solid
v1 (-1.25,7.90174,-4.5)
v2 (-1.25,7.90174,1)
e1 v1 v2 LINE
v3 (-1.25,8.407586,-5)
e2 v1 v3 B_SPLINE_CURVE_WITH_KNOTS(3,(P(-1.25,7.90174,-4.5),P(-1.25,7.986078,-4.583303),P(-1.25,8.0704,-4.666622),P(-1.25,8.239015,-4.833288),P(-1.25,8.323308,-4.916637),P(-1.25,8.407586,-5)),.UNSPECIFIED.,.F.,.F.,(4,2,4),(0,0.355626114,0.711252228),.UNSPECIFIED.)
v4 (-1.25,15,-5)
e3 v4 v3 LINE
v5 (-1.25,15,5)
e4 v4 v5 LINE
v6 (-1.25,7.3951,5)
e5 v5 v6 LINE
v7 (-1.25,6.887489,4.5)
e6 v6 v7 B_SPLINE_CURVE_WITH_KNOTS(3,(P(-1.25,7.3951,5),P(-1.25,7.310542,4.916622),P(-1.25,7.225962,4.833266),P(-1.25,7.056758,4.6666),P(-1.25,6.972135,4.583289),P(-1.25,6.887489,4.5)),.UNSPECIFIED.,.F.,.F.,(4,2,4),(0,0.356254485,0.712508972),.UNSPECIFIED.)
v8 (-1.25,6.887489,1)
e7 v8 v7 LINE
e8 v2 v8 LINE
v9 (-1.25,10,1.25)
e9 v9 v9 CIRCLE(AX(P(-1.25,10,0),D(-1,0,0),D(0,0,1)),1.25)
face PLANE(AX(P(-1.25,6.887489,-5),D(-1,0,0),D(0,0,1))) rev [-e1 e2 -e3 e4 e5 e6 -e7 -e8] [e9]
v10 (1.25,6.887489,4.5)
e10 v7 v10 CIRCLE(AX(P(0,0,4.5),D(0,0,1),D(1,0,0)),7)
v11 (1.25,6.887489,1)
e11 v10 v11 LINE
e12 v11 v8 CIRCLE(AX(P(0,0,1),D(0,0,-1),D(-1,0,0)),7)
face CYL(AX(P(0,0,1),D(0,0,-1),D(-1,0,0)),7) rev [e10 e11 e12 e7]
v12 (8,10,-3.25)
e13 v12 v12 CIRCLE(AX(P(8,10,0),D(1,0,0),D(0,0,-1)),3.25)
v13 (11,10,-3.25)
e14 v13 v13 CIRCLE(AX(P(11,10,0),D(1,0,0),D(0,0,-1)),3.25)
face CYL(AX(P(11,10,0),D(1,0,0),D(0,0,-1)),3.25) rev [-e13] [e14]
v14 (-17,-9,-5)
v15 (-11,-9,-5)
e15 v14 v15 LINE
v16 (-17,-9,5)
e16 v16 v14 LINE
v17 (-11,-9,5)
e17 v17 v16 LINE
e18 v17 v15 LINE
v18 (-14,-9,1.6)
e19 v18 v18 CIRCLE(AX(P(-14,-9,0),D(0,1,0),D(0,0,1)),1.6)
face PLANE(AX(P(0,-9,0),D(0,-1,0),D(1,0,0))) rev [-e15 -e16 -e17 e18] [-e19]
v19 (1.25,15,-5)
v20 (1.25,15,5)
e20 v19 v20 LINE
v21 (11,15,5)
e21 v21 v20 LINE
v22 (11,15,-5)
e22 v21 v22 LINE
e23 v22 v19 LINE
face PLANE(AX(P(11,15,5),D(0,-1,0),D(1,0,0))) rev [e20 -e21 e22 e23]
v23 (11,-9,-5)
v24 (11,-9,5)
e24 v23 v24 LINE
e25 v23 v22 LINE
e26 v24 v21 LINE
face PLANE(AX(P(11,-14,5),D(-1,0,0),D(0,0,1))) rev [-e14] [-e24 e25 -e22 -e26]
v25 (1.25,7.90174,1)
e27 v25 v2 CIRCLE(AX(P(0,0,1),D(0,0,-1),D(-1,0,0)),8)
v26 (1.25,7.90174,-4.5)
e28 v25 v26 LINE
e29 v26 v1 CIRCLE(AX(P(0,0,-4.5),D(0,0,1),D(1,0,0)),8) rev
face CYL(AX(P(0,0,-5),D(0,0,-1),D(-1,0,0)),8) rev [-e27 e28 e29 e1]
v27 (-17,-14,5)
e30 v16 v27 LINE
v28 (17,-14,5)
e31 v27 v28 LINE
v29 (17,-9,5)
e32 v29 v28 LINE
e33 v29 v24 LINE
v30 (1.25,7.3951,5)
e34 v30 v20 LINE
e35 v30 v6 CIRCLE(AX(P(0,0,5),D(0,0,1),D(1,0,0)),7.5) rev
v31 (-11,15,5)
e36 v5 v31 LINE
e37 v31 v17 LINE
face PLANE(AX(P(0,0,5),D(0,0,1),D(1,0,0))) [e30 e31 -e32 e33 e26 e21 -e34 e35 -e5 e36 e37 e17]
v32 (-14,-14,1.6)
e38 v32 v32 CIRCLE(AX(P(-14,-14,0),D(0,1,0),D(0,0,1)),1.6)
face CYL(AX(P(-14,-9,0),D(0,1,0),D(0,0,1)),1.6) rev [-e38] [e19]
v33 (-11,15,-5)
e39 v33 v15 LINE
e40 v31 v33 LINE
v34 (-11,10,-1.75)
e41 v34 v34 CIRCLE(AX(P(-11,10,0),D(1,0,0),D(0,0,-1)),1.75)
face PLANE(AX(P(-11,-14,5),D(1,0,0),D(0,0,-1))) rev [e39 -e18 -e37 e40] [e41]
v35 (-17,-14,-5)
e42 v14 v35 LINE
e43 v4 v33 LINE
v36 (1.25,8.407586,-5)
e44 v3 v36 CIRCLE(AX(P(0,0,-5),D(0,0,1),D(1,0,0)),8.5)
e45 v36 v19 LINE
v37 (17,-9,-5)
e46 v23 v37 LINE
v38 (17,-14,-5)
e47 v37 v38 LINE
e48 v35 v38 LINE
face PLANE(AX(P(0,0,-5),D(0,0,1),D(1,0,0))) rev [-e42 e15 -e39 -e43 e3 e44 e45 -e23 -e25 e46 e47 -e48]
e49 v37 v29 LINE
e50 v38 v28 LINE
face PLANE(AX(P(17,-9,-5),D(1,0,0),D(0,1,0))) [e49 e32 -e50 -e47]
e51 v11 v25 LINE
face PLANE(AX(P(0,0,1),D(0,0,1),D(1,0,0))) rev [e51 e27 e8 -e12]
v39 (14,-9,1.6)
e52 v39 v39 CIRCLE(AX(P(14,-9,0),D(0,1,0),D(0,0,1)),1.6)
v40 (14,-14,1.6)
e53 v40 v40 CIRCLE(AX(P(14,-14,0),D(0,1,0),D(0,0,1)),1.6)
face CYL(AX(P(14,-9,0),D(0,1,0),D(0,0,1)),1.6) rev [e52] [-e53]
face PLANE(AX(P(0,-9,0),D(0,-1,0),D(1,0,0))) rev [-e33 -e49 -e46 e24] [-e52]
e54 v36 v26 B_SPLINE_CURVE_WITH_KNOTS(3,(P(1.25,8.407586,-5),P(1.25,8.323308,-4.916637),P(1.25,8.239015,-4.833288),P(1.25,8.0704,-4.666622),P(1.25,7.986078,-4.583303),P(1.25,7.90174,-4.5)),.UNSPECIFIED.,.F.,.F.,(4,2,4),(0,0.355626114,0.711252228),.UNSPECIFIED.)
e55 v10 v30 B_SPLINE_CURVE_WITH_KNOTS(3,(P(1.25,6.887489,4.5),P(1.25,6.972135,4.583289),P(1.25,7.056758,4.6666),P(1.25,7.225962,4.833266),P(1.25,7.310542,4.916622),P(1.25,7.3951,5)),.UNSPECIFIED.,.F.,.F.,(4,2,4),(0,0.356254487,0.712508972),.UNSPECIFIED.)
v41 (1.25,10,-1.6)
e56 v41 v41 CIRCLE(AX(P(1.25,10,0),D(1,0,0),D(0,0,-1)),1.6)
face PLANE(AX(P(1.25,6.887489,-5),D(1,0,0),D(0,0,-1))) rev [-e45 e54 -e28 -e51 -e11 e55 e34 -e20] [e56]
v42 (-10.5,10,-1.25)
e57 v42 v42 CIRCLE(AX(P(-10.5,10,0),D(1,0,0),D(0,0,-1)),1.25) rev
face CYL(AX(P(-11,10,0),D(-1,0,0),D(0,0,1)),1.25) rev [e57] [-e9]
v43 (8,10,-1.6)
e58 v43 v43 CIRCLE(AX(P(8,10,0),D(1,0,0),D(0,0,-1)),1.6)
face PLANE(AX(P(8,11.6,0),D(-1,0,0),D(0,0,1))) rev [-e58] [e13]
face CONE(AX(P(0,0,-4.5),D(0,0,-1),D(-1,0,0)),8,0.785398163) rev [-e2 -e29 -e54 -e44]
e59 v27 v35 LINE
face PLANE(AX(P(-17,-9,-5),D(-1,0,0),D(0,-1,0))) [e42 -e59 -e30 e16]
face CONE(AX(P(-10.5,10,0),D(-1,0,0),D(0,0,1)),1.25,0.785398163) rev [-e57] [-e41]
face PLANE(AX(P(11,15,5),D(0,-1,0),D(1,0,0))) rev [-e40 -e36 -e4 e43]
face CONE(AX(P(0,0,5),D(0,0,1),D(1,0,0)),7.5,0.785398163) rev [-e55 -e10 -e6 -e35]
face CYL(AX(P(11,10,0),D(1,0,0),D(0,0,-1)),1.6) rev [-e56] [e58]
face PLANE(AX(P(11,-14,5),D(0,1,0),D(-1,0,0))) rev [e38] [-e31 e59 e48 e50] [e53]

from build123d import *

# Parameters (mm, degrees)
SKETCH1_W                      = 22
SKETCH1_H                      = 29
BOSS_EXTRUDE1_DEPTH            = 5
SKETCH3_W                      = 34
SKETCH3_H                      = 10
BOSS_EXTRUDE2_DEPTH            = 5
F_16_0_16_DIAMETER_HOLE1_D     = 16
F_16_0_16_DIAMETER_HOLE1_DEPTH = 6
F_14_0_14_DIAMETER_HOLE1_D     = 14
M3_CLEARANCE_HOLE1_D           = 3.2
SKETCH12_W                     = 2.5
SKETCH12_H                     = 8.112511343
CUT_EXTRUDE1_DEPTH             = 25.779023387
M3X0_5_TAPPED_HOLE1_D          = 2.5
M3X0_5_TAPPED_HOLE1_DEPTH      = 9.75
CBORE_FOR_M3_SHCS1_D           = 3.2
CBORE_FOR_M3_SHCS1_DEPTH       = 9.75
CBORE_FOR_M3_SHCS1_CBORE_D     = 6.5
CBORE_FOR_M3_SHCS1_CBORE_DEPTH = 3
CHAMFER1_SIZE                  = 0.5


with BuildPart() as part:
    # Sketch1 → Boss-Extrude1 (new, symmetric)
    with BuildSketch(Plane.XY):
        with Locations((0, 0.5)):
            Rectangle(SKETCH1_W, SKETCH1_H)
    extrude(amount=BOSS_EXTRUDE1_DEPTH, both=True)

    # Sketch3 → Boss-Extrude2 (add)
    with BuildSketch(Plane.XZ.offset(14)):
        Rectangle(SKETCH3_W, SKETCH3_H)
    extrude(amount=-BOSS_EXTRUDE2_DEPTH)

    # Ø16.0 (16) Diameter Hole1
    with Locations(Plane(origin=(0, 0, -5), x_dir=(-1, 0, 0), z_dir=(0, 0, -1))):
        with Locations((0, 0)):
            Hole(F_16_0_16_DIAMETER_HOLE1_D / 2, depth=F_16_0_16_DIAMETER_HOLE1_DEPTH)

    # Ø14.0 (14) Diameter Hole1 (through all)
    with Locations(Plane(origin=(0, 0, 1), x_dir=(-1, 0, 0), z_dir=(0, 0, -1))):
        with Locations((0, 0)):
            Hole(F_14_0_14_DIAMETER_HOLE1_D / 2)

    # M3 Clearance Hole1 (through all)
    with Locations(Plane(origin=(0, -9, 0), x_dir=(1, 0, 0), z_dir=(0, 1, 0))):
        with Locations((-14, 0), (14, 0)):
            Hole(M3_CLEARANCE_HOLE1_D / 2)

    # Sketch12 → Cut-Extrude1 (cut, through all)
    with BuildSketch(Plane.XY.offset(5)):
        with Locations((0, 10.943744329)):
            Rectangle(SKETCH12_W, SKETCH12_H)
    extrude(amount=-CUT_EXTRUDE1_DEPTH, mode=Mode.SUBTRACT)

    # M3x0.5 Tapped Hole1
    with Locations(Plane.ZY.offset(11)):
        with Locations((0, 10)):
            Hole(M3X0_5_TAPPED_HOLE1_D / 2, depth=M3X0_5_TAPPED_HOLE1_DEPTH)

    # CBORE for M3 SHCS1
    with Locations(Plane(origin=(11, 0, 0), x_dir=(0, 0, -1), z_dir=(1, 0, 0))):
        with Locations((0, 10)):
            CounterBoreHole(CBORE_FOR_M3_SHCS1_D / 2, CBORE_FOR_M3_SHCS1_CBORE_D / 2, CBORE_FOR_M3_SHCS1_CBORE_DEPTH, depth=CBORE_FOR_M3_SHCS1_DEPTH)

    # Chamfer1
    chamfer1_edges = [part.edges().sort_by_distance(p)[0] for p in [
        (0, -7, 5),
        (0, -8, -5),
        (-11, 10, 1.25),
    ]]
    chamfer(chamfer1_edges, length=CHAMFER1_SIZE)


solid = part.part
